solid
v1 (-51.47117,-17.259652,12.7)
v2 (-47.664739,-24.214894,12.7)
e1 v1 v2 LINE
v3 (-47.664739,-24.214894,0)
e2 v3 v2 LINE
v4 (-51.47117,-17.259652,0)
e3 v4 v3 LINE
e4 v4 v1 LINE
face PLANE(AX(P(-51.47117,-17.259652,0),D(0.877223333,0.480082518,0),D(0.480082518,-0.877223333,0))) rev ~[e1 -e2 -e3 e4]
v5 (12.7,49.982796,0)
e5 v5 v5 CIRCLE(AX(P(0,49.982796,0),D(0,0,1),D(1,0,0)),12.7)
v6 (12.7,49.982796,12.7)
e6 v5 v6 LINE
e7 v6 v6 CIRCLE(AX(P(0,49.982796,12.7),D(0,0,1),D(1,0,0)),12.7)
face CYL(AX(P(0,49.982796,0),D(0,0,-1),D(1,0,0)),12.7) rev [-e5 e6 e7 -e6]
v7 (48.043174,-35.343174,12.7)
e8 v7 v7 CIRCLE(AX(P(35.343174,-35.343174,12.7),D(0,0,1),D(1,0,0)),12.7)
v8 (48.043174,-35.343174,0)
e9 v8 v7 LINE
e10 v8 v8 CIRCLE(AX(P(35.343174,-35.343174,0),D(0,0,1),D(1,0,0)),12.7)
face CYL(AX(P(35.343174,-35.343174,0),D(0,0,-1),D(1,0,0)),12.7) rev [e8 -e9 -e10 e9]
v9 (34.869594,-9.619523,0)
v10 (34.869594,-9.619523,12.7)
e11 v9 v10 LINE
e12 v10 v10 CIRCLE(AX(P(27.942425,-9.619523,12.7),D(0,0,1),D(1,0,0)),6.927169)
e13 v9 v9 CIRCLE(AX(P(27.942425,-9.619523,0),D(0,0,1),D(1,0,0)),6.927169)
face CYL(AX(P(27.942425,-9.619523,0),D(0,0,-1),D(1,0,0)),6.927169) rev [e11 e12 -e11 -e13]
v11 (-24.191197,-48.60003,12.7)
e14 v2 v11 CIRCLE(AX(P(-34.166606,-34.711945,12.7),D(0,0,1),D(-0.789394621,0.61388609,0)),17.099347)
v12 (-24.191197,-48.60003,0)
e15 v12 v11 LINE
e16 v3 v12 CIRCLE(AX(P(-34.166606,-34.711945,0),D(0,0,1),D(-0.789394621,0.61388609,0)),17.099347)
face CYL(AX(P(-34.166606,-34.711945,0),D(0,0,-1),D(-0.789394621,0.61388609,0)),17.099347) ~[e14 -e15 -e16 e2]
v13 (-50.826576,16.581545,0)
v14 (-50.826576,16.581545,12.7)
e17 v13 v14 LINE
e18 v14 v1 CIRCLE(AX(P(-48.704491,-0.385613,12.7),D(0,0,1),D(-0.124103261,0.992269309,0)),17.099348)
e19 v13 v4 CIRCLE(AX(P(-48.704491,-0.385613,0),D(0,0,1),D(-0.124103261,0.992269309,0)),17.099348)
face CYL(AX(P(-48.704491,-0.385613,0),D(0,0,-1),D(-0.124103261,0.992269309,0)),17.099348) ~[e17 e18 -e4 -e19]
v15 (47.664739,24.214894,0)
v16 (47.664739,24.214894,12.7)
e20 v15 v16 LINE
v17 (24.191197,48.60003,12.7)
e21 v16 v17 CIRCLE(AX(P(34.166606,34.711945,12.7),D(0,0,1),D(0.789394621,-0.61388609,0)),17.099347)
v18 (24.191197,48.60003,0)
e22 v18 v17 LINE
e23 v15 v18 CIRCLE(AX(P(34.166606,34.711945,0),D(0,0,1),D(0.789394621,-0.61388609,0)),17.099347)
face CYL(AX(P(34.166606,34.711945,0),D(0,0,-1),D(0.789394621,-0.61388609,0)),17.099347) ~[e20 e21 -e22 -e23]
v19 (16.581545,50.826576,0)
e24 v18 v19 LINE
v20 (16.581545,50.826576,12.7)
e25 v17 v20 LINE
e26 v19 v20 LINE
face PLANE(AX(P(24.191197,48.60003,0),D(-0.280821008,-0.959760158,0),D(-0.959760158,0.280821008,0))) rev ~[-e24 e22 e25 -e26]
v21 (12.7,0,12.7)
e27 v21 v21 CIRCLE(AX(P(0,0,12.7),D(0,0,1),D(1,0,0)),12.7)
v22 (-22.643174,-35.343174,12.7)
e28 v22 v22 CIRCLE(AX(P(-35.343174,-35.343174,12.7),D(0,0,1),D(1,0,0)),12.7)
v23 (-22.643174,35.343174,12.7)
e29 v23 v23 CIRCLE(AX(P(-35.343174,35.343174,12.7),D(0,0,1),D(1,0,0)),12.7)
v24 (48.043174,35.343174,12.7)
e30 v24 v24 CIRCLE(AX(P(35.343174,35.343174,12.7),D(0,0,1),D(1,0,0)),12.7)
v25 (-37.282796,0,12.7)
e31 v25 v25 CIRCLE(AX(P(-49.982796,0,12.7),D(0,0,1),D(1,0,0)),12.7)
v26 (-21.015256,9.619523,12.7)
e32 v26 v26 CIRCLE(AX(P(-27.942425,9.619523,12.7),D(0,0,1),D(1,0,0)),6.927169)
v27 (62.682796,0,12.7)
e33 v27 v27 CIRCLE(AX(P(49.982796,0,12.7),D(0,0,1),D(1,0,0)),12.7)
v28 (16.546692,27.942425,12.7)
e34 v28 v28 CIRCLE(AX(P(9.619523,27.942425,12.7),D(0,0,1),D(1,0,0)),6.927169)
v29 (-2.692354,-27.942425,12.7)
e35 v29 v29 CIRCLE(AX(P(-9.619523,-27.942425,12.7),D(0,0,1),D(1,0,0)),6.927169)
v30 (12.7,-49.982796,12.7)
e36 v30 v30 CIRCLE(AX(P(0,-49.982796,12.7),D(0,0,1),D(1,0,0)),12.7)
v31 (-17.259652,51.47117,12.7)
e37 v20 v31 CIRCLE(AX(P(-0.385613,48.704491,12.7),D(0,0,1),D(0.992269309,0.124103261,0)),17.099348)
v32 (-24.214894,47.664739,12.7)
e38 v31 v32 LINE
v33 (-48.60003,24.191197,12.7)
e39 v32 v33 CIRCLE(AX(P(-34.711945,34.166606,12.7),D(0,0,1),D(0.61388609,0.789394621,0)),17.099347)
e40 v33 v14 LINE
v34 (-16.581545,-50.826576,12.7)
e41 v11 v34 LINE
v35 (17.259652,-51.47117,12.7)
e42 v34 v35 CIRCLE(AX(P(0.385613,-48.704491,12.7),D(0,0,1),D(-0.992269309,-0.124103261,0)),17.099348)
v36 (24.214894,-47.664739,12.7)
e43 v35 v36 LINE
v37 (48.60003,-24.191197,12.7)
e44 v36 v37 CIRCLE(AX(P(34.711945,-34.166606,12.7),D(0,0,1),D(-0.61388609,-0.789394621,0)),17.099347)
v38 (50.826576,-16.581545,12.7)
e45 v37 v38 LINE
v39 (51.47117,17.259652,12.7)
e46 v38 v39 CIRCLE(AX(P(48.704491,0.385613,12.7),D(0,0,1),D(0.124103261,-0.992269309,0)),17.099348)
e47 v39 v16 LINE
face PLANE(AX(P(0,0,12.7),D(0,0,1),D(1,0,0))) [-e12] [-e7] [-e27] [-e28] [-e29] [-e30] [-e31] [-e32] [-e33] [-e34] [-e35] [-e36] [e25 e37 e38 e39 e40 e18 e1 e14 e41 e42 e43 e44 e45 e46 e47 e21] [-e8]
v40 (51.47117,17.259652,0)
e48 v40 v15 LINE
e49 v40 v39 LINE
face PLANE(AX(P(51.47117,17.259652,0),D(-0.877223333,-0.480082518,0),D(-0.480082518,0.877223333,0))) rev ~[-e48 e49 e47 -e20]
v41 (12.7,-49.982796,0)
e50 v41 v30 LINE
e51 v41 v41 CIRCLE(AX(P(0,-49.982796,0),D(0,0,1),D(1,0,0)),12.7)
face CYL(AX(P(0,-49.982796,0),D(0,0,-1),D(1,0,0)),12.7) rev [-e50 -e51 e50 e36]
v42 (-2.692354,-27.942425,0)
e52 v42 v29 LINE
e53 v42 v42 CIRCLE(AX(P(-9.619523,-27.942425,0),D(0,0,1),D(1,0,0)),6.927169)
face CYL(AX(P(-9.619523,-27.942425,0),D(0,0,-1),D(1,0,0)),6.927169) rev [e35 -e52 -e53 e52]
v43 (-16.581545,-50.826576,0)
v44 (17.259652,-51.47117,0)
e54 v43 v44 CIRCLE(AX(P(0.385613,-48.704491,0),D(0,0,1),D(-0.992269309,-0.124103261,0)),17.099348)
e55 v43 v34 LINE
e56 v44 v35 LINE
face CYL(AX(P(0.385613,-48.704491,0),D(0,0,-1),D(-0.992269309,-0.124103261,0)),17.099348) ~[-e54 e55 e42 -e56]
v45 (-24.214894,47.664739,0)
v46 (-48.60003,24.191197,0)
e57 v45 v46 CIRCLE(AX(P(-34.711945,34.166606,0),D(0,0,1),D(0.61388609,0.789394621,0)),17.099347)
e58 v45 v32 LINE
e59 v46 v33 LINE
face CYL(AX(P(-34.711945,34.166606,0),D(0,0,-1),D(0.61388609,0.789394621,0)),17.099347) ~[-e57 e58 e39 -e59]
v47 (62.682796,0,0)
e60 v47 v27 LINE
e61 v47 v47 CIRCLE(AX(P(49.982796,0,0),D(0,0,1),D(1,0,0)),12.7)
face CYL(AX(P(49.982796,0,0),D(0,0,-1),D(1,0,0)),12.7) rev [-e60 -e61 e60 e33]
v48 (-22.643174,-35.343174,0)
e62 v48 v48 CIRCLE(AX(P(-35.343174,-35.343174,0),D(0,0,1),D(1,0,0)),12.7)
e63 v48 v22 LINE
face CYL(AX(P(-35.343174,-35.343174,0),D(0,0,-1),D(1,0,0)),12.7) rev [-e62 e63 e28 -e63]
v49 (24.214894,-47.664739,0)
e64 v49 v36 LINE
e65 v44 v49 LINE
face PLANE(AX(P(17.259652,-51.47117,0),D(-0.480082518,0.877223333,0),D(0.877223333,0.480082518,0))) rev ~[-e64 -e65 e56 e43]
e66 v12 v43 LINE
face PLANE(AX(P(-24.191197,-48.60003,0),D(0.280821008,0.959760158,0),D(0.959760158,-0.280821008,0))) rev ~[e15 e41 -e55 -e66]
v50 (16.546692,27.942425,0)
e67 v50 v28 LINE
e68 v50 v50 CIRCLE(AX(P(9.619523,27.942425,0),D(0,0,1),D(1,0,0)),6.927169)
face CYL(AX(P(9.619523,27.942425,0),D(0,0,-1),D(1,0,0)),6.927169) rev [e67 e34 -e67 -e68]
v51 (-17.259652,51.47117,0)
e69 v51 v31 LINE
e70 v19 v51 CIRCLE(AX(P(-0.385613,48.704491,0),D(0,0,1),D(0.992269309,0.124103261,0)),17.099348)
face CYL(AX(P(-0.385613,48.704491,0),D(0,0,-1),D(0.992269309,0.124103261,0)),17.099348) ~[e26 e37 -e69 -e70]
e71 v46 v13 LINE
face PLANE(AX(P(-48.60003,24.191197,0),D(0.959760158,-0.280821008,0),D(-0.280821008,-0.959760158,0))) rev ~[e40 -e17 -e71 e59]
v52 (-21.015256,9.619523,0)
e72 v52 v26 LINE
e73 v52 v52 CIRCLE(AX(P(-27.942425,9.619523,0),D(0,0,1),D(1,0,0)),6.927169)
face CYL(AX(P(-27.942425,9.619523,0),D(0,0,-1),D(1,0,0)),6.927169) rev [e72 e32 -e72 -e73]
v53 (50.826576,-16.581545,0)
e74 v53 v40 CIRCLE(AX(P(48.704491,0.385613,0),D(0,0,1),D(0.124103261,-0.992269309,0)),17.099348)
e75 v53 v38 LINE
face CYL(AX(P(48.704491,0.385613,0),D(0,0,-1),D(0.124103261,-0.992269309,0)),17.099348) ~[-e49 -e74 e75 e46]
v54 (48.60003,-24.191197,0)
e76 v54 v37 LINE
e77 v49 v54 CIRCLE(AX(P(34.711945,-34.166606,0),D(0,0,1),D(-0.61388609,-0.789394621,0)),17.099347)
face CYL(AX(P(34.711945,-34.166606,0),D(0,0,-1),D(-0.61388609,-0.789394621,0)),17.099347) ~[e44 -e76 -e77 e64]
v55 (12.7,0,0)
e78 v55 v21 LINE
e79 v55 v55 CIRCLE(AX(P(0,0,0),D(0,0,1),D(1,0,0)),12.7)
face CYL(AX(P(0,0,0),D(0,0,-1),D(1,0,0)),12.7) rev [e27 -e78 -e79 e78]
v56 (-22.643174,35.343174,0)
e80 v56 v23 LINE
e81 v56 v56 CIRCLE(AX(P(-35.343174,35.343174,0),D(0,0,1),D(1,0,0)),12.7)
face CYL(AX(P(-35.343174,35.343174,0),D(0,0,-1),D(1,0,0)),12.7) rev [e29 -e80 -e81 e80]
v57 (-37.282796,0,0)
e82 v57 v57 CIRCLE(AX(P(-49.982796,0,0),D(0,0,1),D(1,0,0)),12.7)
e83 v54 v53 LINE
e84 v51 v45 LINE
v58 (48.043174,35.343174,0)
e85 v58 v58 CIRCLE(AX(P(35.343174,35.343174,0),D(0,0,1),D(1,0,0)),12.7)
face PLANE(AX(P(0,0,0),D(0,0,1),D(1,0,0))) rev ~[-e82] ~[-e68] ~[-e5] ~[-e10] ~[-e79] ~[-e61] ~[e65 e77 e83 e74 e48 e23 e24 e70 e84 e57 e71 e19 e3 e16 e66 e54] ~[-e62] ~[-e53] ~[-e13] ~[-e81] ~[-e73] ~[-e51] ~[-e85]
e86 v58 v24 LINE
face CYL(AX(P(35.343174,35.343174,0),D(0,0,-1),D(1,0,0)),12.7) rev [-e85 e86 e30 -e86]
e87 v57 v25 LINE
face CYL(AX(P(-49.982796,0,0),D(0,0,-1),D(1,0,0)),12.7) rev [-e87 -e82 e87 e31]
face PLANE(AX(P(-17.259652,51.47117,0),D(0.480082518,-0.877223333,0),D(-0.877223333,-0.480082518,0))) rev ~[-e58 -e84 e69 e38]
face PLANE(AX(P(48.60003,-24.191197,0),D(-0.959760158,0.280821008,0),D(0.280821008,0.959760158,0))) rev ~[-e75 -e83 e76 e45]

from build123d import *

# Parameters (mm, degrees)
F0_R     = 12.7
F0_R_2   = 6.927169
F1_DEPTH = 12.7


with BuildPart() as f1:
    # F0 (on Top) → F1 (new body)
    with BuildSketch(Plane.XY):
        with BuildLine():
            Line((24.191197, 48.60003), (16.581545, 50.826576))
            ThreePointArc((16.581545, 50.826576), (-0.05997, 65.800738), (-17.259652, 51.47117))
            Line((-17.259652, 51.47117), (-24.214894, 47.664739))
            ThreePointArc((-24.214894, 47.664739), (-46.570553, 46.485742), (-48.60003, 24.191197))
            Line((-48.60003, 24.191197), (-50.826576, 16.581545))
            ThreePointArc((-50.826576, 16.581545), (-65.800738, -0.05997), (-51.47117, -17.259652))
            Line((-51.47117, -17.259652), (-47.664739, -24.214894))
            ThreePointArc((-47.664739, -24.214894), (-46.485742, -46.570553), (-24.191197, -48.60003))
            Line((-24.191197, -48.60003), (-16.581545, -50.826576))
            ThreePointArc((-16.581545, -50.826576), (0.05997, -65.800738), (17.259652, -51.47117))
            Line((17.259652, -51.47117), (24.214894, -47.664739))
            ThreePointArc((24.214894, -47.664739), (46.570553, -46.485742), (48.60003, -24.191197))
            Line((48.60003, -24.191197), (50.826576, -16.581545))
            ThreePointArc((50.826576, -16.581545), (65.800738, 0.05997), (51.47117, 17.259652))
            Line((51.47117, 17.259652), (47.664739, 24.214894))
            ThreePointArc((47.664739, 24.214894), (46.485742, 46.570553), (24.191197, 48.60003))
        make_face()
        with Locations((-35.343174, -35.343174)):
            Circle(F0_R, mode=Mode.SUBTRACT)
        with Locations((-9.619523, -27.942425)):
            Circle(F0_R_2, mode=Mode.SUBTRACT)
        with Locations((0, -49.982796)):
            Circle(F0_R, mode=Mode.SUBTRACT)
        with Locations((35.343174, -35.343174)):
            Circle(F0_R, mode=Mode.SUBTRACT)
        with Locations((27.942425, -9.619523)):
            Circle(F0_R_2, mode=Mode.SUBTRACT)
        with Locations((-49.982796, 0)):
            Circle(F0_R, mode=Mode.SUBTRACT)
        with Locations((-27.942425, 9.619523)):
            Circle(F0_R_2, mode=Mode.SUBTRACT)
        with Locations((-35.343174, 35.343174)):
            Circle(F0_R, mode=Mode.SUBTRACT)
        Circle(F0_R, mode=Mode.SUBTRACT)
        with Locations((9.619523, 27.942425)):
            Circle(F0_R_2, mode=Mode.SUBTRACT)
        with Locations((49.982796, 0)):
            Circle(F0_R, mode=Mode.SUBTRACT)
        with Locations((0, 49.982796)):
            Circle(F0_R, mode=Mode.SUBTRACT)
        with Locations((35.343174, 35.343174)):
            Circle(F0_R, mode=Mode.SUBTRACT)
    extrude(amount=F1_DEPTH)


solid = f1.part
